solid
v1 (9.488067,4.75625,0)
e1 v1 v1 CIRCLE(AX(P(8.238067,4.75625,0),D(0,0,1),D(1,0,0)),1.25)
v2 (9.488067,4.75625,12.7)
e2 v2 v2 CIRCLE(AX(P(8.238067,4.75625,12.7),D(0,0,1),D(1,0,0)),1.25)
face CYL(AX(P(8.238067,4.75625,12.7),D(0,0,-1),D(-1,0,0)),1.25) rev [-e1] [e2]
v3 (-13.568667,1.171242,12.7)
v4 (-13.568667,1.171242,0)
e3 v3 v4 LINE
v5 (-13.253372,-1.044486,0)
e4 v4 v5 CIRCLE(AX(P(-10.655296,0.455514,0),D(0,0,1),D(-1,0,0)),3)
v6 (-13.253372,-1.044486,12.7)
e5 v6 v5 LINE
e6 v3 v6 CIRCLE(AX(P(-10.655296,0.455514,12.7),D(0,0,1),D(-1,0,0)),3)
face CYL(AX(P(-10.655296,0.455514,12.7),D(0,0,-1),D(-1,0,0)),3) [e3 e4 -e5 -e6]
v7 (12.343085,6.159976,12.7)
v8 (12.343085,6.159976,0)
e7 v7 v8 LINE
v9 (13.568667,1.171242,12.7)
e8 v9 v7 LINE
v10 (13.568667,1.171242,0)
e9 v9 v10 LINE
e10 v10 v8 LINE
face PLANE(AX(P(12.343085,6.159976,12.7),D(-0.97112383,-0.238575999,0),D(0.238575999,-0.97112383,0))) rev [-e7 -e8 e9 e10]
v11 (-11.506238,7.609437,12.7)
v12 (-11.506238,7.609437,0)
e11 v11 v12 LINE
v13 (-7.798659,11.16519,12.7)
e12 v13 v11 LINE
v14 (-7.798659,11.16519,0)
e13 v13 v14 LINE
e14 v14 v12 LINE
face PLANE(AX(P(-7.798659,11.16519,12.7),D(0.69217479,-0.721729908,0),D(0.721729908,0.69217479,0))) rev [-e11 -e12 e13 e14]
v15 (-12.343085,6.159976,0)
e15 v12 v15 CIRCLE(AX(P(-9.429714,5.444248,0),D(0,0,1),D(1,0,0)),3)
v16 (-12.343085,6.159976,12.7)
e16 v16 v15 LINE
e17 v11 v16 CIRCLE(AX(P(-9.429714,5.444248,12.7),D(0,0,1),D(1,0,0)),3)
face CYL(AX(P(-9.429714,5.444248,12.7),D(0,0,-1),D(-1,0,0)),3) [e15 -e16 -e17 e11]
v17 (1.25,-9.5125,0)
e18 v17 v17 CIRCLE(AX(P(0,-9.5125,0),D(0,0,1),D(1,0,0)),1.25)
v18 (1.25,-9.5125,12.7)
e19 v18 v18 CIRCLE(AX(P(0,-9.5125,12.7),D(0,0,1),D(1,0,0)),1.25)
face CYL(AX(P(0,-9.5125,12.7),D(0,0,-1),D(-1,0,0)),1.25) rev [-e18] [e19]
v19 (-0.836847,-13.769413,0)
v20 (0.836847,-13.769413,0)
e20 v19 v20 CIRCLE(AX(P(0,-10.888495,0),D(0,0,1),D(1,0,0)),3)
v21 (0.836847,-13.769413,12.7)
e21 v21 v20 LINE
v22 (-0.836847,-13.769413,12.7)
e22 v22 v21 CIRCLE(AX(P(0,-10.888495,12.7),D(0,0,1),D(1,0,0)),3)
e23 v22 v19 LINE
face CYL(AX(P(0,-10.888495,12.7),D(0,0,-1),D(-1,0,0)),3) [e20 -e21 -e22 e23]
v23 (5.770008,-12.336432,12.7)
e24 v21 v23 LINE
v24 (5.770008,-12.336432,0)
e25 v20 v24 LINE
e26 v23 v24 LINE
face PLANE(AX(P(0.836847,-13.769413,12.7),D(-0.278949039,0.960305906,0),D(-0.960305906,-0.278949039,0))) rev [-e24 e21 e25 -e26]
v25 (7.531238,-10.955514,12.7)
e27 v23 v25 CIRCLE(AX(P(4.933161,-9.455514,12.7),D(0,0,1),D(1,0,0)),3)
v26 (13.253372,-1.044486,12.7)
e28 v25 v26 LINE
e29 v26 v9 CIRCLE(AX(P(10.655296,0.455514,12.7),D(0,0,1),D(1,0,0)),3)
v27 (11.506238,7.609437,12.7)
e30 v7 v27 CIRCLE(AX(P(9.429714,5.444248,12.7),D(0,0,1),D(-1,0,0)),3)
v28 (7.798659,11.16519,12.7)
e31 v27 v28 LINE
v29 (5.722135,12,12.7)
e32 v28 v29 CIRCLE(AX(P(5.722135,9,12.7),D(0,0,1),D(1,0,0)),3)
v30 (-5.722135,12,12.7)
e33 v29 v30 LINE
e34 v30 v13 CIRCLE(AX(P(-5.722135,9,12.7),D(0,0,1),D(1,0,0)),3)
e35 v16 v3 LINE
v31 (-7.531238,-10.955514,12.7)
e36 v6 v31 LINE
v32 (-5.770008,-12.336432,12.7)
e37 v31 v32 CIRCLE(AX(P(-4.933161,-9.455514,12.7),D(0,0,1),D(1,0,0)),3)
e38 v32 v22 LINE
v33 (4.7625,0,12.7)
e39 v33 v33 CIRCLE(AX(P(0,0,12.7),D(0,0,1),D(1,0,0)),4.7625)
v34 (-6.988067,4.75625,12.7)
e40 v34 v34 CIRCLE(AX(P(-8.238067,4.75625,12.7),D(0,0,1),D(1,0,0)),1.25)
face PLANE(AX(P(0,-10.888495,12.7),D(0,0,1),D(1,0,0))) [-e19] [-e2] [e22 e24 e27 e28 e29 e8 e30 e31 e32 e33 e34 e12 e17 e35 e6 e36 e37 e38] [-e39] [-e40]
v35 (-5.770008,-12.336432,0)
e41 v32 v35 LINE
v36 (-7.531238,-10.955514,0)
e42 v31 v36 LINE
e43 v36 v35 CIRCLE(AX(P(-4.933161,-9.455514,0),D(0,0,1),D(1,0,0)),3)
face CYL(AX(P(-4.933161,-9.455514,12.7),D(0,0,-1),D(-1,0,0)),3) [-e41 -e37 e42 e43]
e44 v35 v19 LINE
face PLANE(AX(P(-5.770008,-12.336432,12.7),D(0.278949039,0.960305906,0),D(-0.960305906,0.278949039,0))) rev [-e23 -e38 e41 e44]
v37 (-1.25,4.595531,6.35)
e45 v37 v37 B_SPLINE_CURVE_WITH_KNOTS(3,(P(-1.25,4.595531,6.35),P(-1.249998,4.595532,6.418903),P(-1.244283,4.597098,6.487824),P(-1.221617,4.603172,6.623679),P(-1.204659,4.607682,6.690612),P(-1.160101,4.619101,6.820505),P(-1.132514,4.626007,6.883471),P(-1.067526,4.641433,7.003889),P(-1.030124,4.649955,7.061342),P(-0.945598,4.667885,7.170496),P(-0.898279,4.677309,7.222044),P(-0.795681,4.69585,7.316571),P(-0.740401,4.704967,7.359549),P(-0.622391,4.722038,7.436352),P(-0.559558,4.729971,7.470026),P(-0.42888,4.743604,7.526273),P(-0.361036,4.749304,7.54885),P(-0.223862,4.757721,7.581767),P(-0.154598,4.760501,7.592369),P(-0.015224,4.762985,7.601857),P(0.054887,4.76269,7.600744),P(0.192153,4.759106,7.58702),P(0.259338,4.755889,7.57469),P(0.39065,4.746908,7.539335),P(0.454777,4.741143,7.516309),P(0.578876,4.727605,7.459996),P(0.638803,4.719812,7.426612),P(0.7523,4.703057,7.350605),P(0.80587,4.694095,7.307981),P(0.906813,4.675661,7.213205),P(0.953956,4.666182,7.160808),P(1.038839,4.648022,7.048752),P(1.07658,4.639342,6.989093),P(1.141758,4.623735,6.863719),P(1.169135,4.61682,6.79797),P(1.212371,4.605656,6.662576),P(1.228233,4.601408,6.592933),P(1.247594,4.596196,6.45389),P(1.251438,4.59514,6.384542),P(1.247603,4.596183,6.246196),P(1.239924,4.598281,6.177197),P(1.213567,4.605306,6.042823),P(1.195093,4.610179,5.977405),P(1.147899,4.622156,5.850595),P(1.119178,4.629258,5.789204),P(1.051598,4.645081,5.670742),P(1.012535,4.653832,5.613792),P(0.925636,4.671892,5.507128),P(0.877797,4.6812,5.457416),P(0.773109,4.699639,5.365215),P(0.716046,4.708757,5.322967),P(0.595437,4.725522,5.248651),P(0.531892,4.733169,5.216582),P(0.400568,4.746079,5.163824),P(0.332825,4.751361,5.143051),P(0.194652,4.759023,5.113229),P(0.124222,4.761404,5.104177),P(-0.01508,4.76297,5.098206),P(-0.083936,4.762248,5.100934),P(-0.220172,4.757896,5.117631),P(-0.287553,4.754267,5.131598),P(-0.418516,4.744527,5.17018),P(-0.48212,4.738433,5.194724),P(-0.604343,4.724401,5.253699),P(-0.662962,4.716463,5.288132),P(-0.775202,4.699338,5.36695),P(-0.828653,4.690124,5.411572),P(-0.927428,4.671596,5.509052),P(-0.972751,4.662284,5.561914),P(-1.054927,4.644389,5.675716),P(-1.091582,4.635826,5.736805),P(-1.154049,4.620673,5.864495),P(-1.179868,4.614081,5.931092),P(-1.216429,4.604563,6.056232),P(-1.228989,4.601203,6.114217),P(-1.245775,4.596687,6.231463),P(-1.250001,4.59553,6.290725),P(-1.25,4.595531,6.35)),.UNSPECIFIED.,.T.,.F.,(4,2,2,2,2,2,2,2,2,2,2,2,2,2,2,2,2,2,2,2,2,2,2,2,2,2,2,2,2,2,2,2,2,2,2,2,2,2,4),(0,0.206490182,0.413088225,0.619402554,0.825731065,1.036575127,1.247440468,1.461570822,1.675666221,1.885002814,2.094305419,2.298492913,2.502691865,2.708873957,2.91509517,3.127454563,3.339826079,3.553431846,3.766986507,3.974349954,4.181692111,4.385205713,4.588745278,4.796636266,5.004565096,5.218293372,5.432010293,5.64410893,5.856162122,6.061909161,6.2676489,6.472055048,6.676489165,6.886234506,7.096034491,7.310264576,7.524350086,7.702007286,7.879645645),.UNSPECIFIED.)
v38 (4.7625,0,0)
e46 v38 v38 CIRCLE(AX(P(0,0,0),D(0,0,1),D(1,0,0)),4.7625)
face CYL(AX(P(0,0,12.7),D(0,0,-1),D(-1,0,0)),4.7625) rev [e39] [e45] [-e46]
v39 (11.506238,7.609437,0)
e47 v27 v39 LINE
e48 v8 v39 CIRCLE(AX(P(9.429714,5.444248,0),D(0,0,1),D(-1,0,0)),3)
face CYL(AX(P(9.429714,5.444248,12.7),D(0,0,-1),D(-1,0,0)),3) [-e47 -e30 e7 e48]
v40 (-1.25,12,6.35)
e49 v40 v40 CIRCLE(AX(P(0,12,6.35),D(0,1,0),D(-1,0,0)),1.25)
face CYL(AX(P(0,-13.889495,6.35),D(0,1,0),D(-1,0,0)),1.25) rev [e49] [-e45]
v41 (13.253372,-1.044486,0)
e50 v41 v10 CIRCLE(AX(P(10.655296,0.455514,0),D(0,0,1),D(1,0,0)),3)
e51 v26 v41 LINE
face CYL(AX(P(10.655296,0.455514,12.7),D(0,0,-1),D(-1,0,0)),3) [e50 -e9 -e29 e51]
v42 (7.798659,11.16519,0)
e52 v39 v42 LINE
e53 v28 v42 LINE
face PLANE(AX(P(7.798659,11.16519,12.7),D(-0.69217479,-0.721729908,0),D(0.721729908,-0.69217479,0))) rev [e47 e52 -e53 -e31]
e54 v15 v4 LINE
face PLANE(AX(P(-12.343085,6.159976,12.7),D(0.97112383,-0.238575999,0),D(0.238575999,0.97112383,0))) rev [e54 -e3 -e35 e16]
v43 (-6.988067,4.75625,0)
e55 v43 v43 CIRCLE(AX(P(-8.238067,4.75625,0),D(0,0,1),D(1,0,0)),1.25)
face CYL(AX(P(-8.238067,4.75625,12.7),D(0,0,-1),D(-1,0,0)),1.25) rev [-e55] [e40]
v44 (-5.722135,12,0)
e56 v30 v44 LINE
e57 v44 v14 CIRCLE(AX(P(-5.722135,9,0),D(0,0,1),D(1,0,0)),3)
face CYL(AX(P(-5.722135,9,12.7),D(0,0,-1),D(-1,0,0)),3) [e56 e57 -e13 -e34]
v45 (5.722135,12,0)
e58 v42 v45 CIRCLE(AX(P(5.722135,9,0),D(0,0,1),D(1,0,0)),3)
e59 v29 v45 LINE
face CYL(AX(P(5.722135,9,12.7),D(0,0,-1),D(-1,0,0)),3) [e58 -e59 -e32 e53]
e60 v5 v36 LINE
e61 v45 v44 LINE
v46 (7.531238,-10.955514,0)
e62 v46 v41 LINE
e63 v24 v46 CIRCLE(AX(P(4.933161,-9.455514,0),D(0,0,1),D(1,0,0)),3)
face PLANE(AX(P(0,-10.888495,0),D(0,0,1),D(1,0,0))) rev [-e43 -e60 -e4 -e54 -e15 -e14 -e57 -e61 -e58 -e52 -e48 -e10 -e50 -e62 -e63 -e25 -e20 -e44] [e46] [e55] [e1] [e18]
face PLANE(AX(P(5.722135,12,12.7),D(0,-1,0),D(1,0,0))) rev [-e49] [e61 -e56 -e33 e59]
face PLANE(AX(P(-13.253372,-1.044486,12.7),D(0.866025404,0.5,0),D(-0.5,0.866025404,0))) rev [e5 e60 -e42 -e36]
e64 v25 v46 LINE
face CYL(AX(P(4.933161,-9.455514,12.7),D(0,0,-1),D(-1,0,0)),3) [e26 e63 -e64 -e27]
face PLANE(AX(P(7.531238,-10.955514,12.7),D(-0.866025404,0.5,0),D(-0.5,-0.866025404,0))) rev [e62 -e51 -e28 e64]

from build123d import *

# Parameters (mm, degrees)
SKETCH1_R           = 4.7625
SKETCH1_R_2         = 1.25
BOSS_EXTRUDE1_DEPTH = 12.7
CUT_EXTRUDE1_REACH  = 27.888
SKETCH2_R           = 1.25


with BuildPart() as part:
    # Sketch1 → Boss-Extrude1 (new body)
    with BuildSketch(Plane.XY):
        with BuildLine():
            Line((-13.253372163, -1.044486042), (-7.531237528, -10.955513958))
            ThreePointArc((-7.531237528, -10.955513958), (-6.784217233, -11.816359568), (-5.770008435, -12.336431676))
            Line((-5.770008435, -12.336431676), (-0.836847118, -13.76941319))
            ThreePointArc((-0.836847118, -13.76941319), (0, -13.888495471), (0.836847118, -13.76941319))
            Line((0.836847118, -13.76941319), (5.770008435, -12.336431676))
            ThreePointArc((5.770008435, -12.336431676), (6.784217233, -11.816359568), (7.531237528, -10.955513958))
            Line((7.531237528, -10.955513958), (13.253372163, -1.044486042))
            ThreePointArc((13.253372163, -1.044486042), (13.625376182, 0.032875315), (13.568667441, 1.171241953))
            Line((13.568667441, 1.171241953), (12.343085176, 6.159975731))
            ThreePointArc((12.343085176, 6.159975731), (12.027789898, 6.944247736), (11.506238058, 7.609437458))
            Line((11.506238058, 7.609437458), (7.798659006, 11.165189723))
            ThreePointArc((7.798659006, 11.165189723), (6.841158949, 11.783484253), (5.722134635, 12))
            Line((5.722134635, 12), (-5.722134635, 12))
            ThreePointArc((-5.722134635, 12), (-6.841158949, 11.783484253), (-7.798659006, 11.165189723))
            Line((-7.798659006, 11.165189723), (-11.506238058, 7.609437458))
            ThreePointArc((-11.506238058, 7.609437458), (-12.027789898, 6.944247736), (-12.343085176, 6.159975731))
            Line((-12.343085176, 6.159975731), (-13.568667441, 1.171241953))
            ThreePointArc((-13.568667441, 1.171241953), (-13.625376182, 0.032875315), (-13.253372163, -1.044486042))
        make_face()
        Circle(SKETCH1_R, mode=Mode.SUBTRACT)
        with Locations((-8.238066653, 4.75625)):
            Circle(SKETCH1_R_2, mode=Mode.SUBTRACT)
        with Locations((8.238066653, 4.75625)):
            Circle(SKETCH1_R_2, mode=Mode.SUBTRACT)
        with Locations((0, -9.5125)):
            Circle(SKETCH1_R_2, mode=Mode.SUBTRACT)
    extrude(amount=BOSS_EXTRUDE1_DEPTH)

    # Sketch2 → Cut-Extrude1 (cut, up to next)
    with BuildSketch(Plane(origin=(0, 12, 0), x_dir=(1, 0, 0), z_dir=(0, 1, 0)), mode=Mode.PRIVATE) as cut_extrude1_sk1:
        with Locations((0, -6.35)):
            Circle(SKETCH2_R)
    cut_extrude1_tool1 = extrude(cut_extrude1_sk1.sketch, amount=-CUT_EXTRUDE1_REACH, mode=Mode.PRIVATE) & part.part
    add(cut_extrude1_tool1.solids().sort_by_distance((0, 12, 6.35))[0], mode=Mode.SUBTRACT)


solid = part.part
